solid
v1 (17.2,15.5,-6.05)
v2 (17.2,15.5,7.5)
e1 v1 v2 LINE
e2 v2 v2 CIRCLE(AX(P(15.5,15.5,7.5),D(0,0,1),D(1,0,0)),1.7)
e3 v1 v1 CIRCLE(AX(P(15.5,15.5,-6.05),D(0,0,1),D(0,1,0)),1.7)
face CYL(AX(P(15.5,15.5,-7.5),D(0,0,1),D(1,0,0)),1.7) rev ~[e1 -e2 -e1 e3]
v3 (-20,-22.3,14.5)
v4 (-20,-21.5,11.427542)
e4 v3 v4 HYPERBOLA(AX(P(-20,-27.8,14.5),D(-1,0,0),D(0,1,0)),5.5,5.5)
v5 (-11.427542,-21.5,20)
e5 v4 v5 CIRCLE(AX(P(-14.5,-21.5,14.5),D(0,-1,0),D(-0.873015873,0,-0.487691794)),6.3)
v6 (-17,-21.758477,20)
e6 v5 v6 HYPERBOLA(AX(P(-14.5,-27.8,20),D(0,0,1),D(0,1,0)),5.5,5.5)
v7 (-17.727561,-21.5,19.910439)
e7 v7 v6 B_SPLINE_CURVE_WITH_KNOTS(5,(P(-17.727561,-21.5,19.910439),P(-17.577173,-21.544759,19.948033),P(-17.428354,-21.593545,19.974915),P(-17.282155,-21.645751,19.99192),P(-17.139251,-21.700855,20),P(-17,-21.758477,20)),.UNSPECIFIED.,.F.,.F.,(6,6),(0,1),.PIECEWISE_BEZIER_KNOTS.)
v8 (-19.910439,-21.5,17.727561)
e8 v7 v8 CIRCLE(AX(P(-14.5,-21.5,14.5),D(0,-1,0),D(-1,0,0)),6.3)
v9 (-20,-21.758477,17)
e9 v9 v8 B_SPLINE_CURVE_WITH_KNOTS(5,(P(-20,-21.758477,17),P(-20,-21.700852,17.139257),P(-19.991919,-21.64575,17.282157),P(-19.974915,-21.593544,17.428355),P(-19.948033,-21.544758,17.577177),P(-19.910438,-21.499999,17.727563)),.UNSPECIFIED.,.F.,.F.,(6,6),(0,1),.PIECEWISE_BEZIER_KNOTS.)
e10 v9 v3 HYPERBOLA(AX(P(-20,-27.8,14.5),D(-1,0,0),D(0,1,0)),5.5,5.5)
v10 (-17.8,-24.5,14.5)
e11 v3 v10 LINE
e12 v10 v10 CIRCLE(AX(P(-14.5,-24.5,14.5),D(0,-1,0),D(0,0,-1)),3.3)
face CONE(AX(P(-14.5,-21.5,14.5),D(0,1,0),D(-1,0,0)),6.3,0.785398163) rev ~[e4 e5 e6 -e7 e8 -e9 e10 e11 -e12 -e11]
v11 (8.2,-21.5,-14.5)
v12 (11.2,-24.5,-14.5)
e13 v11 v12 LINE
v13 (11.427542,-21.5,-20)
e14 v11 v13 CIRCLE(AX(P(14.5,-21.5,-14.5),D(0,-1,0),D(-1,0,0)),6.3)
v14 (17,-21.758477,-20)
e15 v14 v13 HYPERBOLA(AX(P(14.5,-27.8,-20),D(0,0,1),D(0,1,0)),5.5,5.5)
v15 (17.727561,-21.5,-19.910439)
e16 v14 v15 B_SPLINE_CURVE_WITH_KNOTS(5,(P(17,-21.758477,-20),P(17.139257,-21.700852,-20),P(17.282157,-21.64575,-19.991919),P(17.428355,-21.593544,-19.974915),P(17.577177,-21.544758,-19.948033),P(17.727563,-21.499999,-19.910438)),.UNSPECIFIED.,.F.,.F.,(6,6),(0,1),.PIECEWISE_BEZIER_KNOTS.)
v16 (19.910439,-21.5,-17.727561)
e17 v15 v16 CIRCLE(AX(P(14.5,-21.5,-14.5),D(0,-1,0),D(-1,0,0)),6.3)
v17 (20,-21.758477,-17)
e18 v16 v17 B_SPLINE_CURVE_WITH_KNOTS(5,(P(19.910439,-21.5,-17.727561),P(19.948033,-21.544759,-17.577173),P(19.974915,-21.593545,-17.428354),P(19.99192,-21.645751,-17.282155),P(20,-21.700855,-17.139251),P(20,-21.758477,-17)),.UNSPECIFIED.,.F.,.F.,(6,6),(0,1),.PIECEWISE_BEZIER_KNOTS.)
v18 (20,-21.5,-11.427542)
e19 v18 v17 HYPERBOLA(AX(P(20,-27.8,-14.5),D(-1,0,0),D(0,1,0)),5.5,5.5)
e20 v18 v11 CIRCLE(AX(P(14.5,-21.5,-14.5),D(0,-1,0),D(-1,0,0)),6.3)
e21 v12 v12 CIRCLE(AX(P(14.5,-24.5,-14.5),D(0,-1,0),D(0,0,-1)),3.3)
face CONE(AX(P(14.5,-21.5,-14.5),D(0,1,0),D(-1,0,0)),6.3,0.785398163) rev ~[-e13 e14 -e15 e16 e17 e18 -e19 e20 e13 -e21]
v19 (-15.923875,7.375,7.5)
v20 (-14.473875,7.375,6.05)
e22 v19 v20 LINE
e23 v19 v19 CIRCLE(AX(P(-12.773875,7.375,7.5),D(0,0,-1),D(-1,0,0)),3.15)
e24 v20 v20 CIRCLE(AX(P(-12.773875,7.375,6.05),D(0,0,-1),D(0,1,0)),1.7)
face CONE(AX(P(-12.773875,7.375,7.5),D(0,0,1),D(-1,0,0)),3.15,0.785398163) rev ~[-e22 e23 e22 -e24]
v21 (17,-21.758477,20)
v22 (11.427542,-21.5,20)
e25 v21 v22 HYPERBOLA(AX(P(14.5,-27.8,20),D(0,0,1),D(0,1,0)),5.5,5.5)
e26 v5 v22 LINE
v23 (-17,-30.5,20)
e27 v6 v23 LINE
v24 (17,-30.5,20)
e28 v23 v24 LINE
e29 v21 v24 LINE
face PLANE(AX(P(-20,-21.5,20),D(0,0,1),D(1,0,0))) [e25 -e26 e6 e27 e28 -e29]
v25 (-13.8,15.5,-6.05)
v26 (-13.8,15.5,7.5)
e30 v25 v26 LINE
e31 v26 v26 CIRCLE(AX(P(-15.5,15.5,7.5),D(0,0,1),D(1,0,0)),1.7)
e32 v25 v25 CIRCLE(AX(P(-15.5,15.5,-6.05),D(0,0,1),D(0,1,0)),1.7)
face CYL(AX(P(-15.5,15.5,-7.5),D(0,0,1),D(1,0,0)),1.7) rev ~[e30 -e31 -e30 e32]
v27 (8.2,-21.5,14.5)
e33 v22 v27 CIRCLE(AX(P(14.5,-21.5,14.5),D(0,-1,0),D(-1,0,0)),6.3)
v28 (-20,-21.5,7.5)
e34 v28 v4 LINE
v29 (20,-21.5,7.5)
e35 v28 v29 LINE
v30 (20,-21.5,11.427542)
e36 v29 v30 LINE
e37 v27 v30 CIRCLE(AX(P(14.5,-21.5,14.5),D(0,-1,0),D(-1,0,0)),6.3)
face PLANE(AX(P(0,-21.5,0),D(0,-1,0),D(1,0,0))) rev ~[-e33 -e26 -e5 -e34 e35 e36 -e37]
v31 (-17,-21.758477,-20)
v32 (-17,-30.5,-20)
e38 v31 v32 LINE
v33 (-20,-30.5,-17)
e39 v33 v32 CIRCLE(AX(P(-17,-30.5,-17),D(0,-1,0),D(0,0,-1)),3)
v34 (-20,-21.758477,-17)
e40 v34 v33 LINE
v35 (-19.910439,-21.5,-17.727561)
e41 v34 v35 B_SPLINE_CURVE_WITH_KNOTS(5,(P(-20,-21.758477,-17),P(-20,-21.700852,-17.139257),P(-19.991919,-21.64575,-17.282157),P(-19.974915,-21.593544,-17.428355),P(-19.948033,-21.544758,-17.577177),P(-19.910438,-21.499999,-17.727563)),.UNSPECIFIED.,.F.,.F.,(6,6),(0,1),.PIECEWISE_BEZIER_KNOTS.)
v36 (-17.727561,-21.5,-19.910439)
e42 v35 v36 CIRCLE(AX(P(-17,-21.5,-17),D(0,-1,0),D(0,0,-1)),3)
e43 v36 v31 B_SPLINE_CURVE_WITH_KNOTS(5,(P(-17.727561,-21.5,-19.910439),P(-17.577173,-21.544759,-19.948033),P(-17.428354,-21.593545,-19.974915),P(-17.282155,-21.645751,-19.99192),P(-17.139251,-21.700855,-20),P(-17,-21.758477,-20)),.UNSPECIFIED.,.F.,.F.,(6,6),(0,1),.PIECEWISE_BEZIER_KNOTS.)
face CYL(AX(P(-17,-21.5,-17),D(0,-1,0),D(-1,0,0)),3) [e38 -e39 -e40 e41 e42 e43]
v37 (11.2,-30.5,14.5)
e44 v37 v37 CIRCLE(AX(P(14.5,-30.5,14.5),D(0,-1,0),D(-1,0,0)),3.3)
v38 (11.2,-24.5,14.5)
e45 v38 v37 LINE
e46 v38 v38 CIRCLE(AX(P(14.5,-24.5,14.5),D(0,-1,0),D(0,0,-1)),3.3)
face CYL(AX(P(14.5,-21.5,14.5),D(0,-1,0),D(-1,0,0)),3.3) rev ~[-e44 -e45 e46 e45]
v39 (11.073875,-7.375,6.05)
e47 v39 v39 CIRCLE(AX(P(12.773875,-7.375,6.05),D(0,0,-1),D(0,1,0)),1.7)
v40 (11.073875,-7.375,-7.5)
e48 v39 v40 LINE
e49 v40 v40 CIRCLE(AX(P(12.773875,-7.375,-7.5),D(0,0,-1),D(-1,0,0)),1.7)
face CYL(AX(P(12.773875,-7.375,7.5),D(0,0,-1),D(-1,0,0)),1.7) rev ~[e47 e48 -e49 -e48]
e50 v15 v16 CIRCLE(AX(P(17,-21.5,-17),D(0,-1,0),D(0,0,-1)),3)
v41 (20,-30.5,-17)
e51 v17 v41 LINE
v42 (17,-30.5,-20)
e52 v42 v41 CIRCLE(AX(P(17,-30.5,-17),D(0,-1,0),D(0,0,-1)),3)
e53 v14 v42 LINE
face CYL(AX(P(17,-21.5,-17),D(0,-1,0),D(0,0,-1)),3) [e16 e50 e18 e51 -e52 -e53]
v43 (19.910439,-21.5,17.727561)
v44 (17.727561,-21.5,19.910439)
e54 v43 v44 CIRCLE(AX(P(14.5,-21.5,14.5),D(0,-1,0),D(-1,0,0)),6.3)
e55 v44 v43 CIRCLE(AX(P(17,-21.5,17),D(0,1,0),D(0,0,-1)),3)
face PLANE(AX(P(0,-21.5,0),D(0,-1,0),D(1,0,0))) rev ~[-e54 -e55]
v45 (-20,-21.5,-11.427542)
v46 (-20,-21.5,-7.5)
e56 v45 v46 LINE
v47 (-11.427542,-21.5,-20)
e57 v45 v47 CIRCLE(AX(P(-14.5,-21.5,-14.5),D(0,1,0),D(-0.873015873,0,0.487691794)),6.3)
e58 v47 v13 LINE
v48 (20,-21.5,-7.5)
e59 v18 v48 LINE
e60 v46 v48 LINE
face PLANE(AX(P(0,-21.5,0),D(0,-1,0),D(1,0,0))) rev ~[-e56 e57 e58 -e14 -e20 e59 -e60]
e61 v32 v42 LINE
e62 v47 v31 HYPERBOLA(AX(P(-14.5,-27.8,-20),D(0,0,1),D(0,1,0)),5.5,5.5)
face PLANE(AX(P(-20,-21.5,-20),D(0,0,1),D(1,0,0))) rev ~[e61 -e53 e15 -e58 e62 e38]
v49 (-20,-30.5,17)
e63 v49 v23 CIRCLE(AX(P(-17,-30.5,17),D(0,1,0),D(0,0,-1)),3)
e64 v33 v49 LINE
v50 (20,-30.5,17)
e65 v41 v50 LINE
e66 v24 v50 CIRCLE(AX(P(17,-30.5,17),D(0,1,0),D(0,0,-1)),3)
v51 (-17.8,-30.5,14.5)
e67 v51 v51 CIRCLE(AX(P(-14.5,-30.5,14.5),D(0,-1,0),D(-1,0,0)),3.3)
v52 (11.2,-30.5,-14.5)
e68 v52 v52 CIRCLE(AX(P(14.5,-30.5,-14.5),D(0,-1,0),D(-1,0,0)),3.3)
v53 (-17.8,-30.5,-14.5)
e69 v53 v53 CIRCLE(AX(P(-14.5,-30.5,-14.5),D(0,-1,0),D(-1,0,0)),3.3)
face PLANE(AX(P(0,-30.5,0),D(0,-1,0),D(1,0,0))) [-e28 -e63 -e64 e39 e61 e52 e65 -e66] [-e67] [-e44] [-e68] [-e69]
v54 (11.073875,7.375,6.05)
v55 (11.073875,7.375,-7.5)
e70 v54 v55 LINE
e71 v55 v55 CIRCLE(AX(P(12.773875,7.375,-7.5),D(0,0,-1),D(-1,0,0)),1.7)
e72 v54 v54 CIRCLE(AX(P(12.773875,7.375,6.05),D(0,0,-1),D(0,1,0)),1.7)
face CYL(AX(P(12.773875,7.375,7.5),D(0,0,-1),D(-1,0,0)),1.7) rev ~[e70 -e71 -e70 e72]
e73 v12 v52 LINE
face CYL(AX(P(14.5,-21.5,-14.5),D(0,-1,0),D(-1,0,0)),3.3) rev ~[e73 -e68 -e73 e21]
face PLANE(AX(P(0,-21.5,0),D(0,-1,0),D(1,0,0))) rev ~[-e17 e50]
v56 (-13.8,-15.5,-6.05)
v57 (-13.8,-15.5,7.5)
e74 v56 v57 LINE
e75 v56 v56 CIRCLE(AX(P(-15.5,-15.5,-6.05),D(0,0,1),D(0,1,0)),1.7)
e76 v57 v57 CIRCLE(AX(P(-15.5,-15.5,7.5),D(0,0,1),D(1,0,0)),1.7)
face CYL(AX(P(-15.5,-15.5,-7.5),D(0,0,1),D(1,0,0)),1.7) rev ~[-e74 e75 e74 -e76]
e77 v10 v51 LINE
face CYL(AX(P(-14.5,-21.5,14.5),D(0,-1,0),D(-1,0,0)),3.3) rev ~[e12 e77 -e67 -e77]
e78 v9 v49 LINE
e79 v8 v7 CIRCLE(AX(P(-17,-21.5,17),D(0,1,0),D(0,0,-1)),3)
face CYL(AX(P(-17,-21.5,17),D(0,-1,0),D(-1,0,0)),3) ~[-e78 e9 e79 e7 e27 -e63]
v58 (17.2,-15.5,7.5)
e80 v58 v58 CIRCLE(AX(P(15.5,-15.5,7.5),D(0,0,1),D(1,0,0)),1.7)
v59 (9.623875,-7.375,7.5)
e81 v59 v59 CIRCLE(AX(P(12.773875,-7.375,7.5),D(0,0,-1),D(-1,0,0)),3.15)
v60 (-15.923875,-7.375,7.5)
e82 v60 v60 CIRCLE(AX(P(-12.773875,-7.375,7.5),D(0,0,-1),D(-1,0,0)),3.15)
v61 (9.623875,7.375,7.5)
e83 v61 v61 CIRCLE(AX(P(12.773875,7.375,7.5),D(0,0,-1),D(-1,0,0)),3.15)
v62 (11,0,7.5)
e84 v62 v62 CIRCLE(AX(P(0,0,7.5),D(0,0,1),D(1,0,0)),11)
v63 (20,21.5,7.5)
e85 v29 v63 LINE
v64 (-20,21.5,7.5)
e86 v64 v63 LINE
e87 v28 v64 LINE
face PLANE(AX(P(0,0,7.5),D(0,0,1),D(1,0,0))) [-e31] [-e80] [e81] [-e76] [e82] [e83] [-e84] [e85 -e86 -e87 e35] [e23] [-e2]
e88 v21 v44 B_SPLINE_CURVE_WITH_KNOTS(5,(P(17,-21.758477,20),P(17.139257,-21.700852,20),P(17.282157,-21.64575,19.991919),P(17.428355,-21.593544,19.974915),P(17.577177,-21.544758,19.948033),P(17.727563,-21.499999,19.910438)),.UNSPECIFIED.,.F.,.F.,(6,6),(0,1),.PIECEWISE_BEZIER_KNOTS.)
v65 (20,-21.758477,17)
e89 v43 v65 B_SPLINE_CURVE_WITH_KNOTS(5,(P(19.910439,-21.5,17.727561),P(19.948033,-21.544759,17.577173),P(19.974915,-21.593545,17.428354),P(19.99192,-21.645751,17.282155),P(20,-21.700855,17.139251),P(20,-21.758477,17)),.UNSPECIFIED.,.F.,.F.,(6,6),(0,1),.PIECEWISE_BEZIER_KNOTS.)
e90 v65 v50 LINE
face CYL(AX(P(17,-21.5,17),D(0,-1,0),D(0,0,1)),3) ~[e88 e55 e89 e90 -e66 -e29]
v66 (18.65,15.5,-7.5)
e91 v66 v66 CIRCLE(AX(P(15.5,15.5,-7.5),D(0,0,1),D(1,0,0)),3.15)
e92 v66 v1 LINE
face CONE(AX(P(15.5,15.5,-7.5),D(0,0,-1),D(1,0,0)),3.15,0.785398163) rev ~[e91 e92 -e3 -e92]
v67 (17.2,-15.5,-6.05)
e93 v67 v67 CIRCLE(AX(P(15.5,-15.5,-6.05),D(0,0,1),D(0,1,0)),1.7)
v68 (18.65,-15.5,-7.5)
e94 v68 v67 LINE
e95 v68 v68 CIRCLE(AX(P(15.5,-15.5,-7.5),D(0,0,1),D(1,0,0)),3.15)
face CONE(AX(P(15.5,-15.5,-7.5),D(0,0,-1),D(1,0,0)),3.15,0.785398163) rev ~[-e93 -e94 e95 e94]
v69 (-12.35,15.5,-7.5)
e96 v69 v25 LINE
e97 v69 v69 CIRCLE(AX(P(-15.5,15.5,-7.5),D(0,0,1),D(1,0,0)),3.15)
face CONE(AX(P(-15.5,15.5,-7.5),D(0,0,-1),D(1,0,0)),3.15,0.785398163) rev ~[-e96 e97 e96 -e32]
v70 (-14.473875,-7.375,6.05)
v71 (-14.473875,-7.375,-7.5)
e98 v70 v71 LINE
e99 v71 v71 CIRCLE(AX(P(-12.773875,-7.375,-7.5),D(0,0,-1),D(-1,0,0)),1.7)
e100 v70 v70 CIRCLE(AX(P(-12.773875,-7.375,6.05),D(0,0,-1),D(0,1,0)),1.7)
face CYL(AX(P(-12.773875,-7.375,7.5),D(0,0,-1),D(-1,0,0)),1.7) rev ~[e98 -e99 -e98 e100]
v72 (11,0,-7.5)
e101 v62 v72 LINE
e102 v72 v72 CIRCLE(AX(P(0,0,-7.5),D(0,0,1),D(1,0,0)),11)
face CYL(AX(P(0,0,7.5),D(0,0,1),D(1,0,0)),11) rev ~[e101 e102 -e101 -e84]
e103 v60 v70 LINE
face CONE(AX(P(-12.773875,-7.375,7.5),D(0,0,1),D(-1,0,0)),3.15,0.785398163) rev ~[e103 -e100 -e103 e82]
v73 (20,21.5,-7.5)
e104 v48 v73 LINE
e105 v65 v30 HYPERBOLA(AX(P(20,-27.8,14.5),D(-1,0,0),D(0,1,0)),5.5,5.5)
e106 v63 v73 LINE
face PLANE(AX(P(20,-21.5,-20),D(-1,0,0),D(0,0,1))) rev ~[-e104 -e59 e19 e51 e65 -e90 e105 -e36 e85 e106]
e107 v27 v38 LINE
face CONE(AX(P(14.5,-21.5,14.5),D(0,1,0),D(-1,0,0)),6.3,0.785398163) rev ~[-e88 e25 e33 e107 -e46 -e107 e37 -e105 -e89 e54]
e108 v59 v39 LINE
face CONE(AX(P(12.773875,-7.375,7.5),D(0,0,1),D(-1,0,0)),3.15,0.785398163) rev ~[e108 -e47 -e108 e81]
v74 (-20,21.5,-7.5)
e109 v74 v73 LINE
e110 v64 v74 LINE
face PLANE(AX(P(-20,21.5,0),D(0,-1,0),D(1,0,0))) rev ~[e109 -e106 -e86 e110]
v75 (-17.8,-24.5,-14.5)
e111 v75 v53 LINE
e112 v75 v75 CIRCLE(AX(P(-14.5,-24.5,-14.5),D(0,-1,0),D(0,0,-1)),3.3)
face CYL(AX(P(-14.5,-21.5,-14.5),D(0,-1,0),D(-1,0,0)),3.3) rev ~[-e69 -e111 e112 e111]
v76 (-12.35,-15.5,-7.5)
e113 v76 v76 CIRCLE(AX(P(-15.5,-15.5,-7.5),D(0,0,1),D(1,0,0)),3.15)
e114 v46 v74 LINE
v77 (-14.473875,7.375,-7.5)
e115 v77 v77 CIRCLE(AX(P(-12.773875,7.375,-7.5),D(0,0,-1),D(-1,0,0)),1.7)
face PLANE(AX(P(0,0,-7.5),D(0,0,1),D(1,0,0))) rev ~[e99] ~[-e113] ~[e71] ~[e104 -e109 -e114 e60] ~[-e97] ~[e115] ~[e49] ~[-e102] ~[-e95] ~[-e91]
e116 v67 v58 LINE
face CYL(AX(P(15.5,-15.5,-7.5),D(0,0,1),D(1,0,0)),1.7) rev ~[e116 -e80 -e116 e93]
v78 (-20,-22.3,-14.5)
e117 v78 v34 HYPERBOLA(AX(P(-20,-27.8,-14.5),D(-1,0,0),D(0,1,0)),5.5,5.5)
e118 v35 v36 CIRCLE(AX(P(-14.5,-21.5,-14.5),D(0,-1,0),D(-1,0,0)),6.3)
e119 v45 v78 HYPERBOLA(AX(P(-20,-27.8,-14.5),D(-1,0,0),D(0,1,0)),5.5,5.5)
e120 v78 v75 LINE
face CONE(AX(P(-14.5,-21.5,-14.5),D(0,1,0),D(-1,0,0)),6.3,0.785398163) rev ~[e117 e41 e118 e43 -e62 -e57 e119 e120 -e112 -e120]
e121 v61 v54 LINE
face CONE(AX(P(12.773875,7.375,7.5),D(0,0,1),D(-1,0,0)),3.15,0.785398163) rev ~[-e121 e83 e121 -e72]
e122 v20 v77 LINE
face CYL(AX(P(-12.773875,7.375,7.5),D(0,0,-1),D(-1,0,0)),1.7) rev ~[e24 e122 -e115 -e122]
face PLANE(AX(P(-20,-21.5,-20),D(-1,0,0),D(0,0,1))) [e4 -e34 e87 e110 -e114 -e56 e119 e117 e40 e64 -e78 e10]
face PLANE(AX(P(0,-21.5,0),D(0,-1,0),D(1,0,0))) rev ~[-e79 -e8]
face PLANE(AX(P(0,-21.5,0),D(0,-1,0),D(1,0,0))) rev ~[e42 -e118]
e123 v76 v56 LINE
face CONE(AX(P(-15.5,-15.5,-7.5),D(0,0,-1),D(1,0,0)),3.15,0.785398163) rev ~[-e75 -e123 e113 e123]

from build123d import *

# Parameters (mm, degrees)
SKETCH_1_W                 = 40
SKETCH_1_H                 = 43
EXTRUDE_284_DEPTH          = 7.5
NEMA17_M3_D                = 3.4
NEMA17_M3_CSINK_D          = 6.3
NEMA17_M3_CSINK_ANGLE      = 90
SKETCH_8_R                 = 11
CUT_EXTRUDE_1_DEPTH        = 33.973474188
SKETCH_12_W                = 40
SKETCH_12_H                = 40
EXTRUDE_1_DEPTH            = 9
FILLET_1_R                 = 3
HOLE_WIZARD_M6_D           = 6.6
HOLE_WIZARD_M6_CSINK_D     = 12.6
HOLE_WIZARD_M6_CSINK_ANGLE = 90
HOLE_WIZARD_M3_D           = 3.4
HOLE_WIZARD_M3_CSINK_D     = 6.3
HOLE_WIZARD_M3_CSINK_ANGLE = 90


with BuildPart() as part:
    # Эскиз1 → Extrude 284 (new, symmetric)
    with BuildSketch(Plane.XY):
        Rectangle(SKETCH_1_W, SKETCH_1_H)
    extrude(amount=EXTRUDE_284_DEPTH, both=True)

    # КреплениеNema17-M3 (through all)
    with Locations(Plane(origin=(0, 0, -7.5), x_dir=(-1, 0, 0), z_dir=(0, 0, -1))):
        with Locations((-15.5, 15.5), (15.5, 15.5), (15.5, -15.5), (-15.5, -15.5)):
            CounterSinkHole(NEMA17_M3_D / 2, NEMA17_M3_CSINK_D / 2, counter_sink_angle=NEMA17_M3_CSINK_ANGLE)

    # Эскиз8 → Вырез1 (cut, through all)
    with BuildSketch(Plane.XY.offset(7.5)):
        Circle(SKETCH_8_R)
    extrude(amount=-CUT_EXTRUDE_1_DEPTH, mode=Mode.SUBTRACT)

    # Эскиз12 → Бобышка-Вытянуть1 (add)
    with BuildSketch(Plane.XZ.offset(21.5)):
        Rectangle(SKETCH_12_W, SKETCH_12_H)
    extrude(amount=EXTRUDE_1_DEPTH)

    # Скругление1
    fillet_1_edges = [part.edges().sort_by_distance(p)[0] for p in [
        (-20, -26, 20),
        (-20, -26, -20),
        (20, -26, -20),
        (20, -26, 20),
    ]]
    fillet(fillet_1_edges, radius=FILLET_1_R)

    # КреплениеКронштейна-M6 (through all)
    with Locations(Plane(origin=(0, -21.5, 0), x_dir=(1, 0, 0), z_dir=(0, 1, 0))):
        with Locations((-14.5, -14.5), (14.5, -14.5), (14.5, 14.5), (-14.5, 14.5)):
            CounterSinkHole(HOLE_WIZARD_M6_D / 2, HOLE_WIZARD_M6_CSINK_D / 2, counter_sink_angle=HOLE_WIZARD_M6_CSINK_ANGLE)

    # КреплениеБлокаПодшипниковM3 (through all)
    with Locations(Plane.XY.offset(7.5)):
        with Locations((-12.773874706, 7.375), (12.773874706, 7.375), (12.773874706, -7.375), (-12.773874706, -7.375)):
            CounterSinkHole(HOLE_WIZARD_M3_D / 2, HOLE_WIZARD_M3_CSINK_D / 2, counter_sink_angle=HOLE_WIZARD_M3_CSINK_ANGLE)


solid = part.part
